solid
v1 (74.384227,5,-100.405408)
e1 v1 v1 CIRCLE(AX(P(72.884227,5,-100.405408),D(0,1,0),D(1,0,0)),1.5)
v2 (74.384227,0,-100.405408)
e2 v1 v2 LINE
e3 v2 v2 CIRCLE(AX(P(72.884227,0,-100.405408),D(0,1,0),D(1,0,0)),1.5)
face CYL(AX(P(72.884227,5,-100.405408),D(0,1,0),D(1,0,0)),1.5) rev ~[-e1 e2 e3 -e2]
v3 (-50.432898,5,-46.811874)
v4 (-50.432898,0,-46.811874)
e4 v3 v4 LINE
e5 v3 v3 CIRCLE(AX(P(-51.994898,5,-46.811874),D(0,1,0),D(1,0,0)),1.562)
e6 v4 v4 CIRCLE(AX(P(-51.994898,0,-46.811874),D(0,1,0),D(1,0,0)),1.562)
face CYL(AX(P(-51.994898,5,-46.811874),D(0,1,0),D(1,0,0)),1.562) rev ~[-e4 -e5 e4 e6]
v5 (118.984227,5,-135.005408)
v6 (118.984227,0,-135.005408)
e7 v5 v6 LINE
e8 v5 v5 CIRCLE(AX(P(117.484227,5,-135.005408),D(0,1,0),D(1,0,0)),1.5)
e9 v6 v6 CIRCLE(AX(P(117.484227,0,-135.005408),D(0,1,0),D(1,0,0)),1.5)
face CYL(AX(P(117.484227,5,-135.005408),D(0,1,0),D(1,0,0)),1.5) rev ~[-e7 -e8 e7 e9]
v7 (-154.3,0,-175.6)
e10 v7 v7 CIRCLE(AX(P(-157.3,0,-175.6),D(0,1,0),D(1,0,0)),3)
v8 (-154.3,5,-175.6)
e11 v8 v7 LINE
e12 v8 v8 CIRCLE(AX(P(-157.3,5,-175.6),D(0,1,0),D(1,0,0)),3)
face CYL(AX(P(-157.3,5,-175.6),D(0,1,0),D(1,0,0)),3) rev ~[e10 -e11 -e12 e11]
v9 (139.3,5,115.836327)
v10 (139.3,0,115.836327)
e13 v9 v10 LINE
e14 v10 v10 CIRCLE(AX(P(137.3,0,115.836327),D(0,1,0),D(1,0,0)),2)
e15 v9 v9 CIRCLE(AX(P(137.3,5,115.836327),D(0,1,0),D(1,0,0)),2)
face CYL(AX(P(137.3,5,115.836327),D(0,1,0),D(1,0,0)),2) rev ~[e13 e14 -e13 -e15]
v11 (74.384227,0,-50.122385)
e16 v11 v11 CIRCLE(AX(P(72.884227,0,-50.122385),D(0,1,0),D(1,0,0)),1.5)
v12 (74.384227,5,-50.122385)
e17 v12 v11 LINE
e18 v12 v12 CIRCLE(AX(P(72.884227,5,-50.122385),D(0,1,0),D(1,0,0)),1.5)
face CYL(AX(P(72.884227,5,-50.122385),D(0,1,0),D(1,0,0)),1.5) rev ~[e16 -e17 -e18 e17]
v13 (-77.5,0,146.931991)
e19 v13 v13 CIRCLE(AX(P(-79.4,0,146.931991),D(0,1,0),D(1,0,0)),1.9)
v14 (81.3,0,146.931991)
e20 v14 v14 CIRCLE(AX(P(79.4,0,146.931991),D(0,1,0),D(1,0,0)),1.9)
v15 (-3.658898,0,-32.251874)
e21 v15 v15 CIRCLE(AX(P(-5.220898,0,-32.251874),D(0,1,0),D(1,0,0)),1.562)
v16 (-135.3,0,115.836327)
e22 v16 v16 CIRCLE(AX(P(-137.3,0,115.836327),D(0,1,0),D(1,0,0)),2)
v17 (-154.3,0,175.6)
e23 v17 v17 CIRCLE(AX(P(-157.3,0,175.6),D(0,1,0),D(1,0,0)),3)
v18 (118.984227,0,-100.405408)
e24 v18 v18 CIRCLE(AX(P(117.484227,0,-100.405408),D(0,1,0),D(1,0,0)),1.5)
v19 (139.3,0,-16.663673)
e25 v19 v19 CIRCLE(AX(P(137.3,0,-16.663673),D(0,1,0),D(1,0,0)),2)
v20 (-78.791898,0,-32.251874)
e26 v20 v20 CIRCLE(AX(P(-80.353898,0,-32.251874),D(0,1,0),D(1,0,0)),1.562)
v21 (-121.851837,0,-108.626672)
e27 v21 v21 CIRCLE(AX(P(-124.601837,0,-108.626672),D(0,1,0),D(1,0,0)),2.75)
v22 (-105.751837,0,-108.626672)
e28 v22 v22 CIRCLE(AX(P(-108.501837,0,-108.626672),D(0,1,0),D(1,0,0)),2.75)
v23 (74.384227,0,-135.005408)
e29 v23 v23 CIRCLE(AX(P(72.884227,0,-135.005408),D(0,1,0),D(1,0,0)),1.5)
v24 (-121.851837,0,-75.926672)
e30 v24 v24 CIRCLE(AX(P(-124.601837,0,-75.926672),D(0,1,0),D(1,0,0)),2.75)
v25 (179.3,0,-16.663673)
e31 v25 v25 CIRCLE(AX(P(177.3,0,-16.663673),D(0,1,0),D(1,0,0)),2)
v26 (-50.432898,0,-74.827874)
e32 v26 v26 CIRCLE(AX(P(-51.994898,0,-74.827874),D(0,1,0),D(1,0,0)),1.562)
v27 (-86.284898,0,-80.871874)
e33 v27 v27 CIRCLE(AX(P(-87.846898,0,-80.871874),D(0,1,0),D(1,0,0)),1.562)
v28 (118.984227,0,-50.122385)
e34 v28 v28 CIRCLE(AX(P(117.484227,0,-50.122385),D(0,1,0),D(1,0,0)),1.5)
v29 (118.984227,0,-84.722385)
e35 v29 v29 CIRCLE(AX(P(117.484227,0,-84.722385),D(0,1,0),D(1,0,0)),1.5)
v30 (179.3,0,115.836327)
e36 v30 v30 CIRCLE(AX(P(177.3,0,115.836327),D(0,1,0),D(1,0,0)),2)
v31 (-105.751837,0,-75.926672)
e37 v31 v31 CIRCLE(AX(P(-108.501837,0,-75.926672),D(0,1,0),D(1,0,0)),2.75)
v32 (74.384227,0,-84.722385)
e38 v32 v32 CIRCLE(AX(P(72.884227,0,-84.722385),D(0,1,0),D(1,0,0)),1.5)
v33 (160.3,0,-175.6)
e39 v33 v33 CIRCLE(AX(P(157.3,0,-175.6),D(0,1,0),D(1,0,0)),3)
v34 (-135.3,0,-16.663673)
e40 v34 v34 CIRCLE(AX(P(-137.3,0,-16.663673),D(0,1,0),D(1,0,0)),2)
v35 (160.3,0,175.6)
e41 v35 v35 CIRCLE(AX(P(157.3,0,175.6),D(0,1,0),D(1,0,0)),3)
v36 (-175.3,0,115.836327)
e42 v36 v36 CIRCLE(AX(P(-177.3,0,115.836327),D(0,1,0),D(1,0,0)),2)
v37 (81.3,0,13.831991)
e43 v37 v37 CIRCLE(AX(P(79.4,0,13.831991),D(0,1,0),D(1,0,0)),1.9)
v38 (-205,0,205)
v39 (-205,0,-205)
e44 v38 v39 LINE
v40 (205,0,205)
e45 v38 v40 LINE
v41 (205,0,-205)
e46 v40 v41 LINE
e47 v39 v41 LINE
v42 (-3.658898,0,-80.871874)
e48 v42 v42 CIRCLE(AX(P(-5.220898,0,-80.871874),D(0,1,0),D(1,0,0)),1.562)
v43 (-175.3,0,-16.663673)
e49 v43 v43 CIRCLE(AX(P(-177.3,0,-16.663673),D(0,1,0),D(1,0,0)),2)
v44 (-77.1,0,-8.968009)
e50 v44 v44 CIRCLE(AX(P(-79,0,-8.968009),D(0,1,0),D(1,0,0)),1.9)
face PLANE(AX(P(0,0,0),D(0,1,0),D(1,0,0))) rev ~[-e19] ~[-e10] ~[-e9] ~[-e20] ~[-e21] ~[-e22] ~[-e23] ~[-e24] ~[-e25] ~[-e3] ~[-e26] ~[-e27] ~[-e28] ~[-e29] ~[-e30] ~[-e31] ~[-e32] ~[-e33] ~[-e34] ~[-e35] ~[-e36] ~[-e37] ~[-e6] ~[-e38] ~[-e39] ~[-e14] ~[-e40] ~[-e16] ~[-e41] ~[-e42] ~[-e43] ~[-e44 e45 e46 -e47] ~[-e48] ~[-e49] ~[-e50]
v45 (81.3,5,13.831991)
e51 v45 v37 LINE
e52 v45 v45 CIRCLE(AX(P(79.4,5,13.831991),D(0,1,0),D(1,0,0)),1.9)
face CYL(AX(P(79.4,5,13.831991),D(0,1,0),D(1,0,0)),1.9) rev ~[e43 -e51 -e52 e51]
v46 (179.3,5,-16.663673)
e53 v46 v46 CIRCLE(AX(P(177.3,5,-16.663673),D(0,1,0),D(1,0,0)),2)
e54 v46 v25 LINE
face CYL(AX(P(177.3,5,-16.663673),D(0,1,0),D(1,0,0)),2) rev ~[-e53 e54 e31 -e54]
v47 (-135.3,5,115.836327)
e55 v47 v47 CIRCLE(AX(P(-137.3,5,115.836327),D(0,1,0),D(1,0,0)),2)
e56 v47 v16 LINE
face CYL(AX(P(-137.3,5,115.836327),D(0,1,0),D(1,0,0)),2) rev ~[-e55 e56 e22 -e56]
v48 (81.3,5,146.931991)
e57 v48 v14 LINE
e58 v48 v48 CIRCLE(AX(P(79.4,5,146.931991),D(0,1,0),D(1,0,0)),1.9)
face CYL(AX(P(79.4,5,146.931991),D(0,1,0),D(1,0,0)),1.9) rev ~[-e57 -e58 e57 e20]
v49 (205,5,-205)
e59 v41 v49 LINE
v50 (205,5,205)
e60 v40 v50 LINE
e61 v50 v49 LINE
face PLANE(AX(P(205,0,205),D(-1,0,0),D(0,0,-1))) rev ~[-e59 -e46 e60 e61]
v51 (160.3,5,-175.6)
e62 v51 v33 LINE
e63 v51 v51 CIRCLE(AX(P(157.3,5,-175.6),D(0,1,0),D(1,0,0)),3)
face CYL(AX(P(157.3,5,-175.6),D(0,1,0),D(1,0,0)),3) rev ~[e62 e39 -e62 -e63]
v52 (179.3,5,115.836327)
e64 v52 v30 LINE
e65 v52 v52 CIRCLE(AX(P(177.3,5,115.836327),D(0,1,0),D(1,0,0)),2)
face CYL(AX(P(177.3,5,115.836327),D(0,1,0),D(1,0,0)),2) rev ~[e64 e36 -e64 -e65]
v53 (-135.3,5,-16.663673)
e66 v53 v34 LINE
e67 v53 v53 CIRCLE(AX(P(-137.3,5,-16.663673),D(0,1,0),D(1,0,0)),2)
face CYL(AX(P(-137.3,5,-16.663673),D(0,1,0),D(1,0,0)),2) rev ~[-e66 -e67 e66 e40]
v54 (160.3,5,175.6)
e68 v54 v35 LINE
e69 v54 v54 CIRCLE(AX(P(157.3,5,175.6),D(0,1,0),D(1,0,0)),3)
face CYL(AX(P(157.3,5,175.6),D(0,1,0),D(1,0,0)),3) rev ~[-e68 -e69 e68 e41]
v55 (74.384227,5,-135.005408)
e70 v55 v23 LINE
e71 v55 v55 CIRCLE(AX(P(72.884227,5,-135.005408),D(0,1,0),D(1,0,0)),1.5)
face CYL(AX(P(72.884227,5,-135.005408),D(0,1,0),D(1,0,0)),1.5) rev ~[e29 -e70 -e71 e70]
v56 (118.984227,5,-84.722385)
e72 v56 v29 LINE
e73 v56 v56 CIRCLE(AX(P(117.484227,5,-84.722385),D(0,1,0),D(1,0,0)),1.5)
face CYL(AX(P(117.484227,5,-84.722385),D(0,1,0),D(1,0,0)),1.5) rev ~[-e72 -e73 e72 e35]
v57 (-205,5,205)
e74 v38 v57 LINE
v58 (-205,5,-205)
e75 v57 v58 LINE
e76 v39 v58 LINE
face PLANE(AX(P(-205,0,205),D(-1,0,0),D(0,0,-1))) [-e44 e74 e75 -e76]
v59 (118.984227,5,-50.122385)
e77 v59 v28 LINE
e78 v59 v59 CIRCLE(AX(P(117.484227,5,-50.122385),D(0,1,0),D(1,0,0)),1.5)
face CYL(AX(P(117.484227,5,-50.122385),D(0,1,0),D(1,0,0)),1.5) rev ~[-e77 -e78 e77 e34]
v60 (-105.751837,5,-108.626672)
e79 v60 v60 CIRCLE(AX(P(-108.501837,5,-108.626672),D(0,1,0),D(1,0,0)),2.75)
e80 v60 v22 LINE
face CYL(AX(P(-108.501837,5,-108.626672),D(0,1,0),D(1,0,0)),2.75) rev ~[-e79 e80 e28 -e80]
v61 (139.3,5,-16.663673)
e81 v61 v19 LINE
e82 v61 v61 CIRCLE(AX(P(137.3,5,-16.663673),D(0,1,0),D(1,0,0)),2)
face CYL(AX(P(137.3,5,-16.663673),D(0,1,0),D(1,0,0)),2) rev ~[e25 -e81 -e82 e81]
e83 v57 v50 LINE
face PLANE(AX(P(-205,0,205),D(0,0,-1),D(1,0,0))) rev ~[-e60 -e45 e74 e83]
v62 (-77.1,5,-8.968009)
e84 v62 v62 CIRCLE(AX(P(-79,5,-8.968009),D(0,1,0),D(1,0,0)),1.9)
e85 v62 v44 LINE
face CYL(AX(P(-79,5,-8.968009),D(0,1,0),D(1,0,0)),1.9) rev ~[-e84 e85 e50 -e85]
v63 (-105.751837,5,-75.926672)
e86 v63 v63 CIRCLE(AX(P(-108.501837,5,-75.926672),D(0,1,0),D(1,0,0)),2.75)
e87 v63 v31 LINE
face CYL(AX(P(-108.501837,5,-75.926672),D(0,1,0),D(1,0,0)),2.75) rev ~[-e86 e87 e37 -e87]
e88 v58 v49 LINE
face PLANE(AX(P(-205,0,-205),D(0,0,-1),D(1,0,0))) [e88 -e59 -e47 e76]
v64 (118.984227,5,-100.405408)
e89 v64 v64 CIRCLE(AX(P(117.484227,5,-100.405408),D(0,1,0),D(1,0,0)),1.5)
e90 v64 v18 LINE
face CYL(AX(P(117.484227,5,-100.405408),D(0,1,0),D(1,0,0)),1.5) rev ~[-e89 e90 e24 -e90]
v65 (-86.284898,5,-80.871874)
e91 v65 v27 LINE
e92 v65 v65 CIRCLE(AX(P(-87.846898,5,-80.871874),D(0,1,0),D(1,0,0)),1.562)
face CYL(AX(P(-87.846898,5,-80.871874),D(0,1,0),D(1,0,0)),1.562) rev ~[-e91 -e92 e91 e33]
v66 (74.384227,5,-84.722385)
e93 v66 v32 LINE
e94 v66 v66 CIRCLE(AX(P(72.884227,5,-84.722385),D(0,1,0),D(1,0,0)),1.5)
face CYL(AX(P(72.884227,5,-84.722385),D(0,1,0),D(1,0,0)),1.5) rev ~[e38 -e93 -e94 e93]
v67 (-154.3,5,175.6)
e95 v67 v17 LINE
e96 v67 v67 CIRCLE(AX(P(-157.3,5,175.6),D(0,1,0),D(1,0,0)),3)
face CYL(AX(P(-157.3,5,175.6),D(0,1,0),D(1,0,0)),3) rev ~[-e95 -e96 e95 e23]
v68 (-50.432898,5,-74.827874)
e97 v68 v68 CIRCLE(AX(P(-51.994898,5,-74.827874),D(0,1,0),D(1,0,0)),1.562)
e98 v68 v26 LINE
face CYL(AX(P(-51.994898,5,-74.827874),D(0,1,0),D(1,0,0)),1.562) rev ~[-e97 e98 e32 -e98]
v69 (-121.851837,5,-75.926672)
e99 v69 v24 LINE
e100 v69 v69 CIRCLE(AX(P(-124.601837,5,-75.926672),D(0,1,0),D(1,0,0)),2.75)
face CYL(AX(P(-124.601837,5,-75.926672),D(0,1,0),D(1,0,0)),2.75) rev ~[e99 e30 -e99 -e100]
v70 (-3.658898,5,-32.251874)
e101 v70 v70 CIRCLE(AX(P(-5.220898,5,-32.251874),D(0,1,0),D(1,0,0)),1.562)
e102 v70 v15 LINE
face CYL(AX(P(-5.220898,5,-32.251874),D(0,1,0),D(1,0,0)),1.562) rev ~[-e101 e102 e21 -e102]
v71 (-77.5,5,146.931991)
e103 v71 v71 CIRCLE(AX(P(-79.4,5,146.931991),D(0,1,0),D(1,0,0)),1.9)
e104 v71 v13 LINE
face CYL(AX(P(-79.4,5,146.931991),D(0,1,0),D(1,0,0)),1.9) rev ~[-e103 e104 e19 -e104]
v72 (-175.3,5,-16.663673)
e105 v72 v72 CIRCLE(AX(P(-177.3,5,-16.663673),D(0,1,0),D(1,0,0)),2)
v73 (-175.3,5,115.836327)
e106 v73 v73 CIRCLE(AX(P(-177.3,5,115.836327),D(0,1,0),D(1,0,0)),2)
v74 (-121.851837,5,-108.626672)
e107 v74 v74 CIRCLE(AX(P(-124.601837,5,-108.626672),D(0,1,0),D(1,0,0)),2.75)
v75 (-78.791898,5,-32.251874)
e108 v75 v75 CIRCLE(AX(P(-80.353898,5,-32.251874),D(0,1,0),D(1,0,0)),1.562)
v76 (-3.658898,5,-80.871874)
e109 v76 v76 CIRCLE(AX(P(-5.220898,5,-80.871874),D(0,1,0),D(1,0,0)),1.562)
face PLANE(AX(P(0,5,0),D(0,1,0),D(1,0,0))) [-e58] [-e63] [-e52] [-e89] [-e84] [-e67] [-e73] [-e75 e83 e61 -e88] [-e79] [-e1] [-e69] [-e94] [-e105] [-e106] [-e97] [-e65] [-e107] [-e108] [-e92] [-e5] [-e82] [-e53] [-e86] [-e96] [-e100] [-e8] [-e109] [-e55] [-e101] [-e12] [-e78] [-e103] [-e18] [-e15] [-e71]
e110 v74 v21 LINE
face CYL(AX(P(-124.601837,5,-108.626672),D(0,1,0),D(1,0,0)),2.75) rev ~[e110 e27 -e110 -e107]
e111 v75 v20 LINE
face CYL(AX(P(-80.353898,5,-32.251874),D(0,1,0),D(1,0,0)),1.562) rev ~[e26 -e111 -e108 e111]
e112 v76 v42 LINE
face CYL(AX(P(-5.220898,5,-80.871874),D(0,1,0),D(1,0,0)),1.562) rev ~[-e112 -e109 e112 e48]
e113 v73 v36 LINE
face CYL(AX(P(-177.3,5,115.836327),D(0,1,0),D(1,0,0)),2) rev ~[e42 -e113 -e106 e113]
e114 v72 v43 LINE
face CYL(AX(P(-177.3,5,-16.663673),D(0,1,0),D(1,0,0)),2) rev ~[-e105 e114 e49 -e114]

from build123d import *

# Parameters (mm, degrees)
SKETCH_1_W             = 410
SKETCH_1_H             = 410
EXTRUDE_1_DEPTH        = 5
SKETCH_2_R             = 3
CUT_EXTRUDE_4_DEPTH    = 5
SKETCH_5_R             = 1.9
TX2_DEPTH              = 5
SKETCH_6_R             = 1.562
ARDUINOMEGA_DEPTH      = 10
SKETCH_9_R             = 1.5
H_BRIDGE_DEPTH         = 10
SKETCH_10_R            = 2.75
CUT_EXTRUDE_4767_DEPTH = 10
SKETCH_4811_R          = 2
CUT_EXTRUDE_4_2_DEPTH  = 10


with BuildPart() as part:
    # 草圖1 → 填料-伸長1 (new body)
    with BuildSketch(Plane(origin=(0, 0, 0), x_dir=(1, 0, 0), z_dir=(0, 1, 0))):
        Rectangle(SKETCH_1_W, SKETCH_1_H)
    extrude(amount=EXTRUDE_1_DEPTH)

    # 草圖2 → Cut-Extrude 4 (cut)
    with BuildSketch(Plane(origin=(0, 5, 0), x_dir=(1, 0, 0), z_dir=(0, 1, 0))):
        with Locations((-157.3, 175.6)):
            Circle(SKETCH_2_R)
        with Locations((157.3, 175.6)):
            Circle(SKETCH_2_R)
        with Locations((-157.3, -175.6)):
            Circle(SKETCH_2_R)
        with Locations((157.3, -175.6)):
            Circle(SKETCH_2_R)
    extrude(amount=-CUT_EXTRUDE_4_DEPTH, mode=Mode.SUBTRACT)

    # 草圖5 → TX2 (cut)
    with BuildSketch(Plane(origin=(0, 5, 0), x_dir=(1, 0, 0), z_dir=(0, 1, 0))):
        with Locations((-79, 8.968009282)):
            Circle(SKETCH_5_R)
        with Locations((79.4, -13.831990718)):
            Circle(SKETCH_5_R)
        with Locations((-79.4, -146.931990718)):
            Circle(SKETCH_5_R)
        with Locations((79.4, -146.931990718)):
            Circle(SKETCH_5_R)
    extrude(amount=-TX2_DEPTH, mode=Mode.SUBTRACT)

    # 草圖6 → ArduinoMega螺絲孔 (cut)
    with BuildSketch(Plane(origin=(0, 5, 0), x_dir=(1, 0, 0), z_dir=(0, 1, 0))):
        with Locations((-80.353898009, 32.251873694)):
            Circle(SKETCH_6_R)
        with Locations((-87.846898009, 80.871873694)):
            Circle(SKETCH_6_R)
        with Locations((-51.994898009, 74.827873694)):
            Circle(SKETCH_6_R)
        with Locations((-51.994898009, 46.811873694)):
            Circle(SKETCH_6_R)
        with Locations((-5.220898009, 80.871873694)):
            Circle(SKETCH_6_R)
        with Locations((-5.220898009, 32.251873694)):
            Circle(SKETCH_6_R)
    extrude(amount=-ARDUINOMEGA_DEPTH, mode=Mode.SUBTRACT)

    # 草圖9 → H bridge 螺絲孔 (cut)
    with BuildSketch(Plane(origin=(0, 5, 0), x_dir=(1, 0, 0), z_dir=(0, 1, 0))):
        with Locations((72.884226585, 135.005408198)):
            Circle(SKETCH_9_R)
        with Locations((117.484226585, 135.005408198)):
            Circle(SKETCH_9_R)
        with Locations((72.884226585, 100.405408198)):
            Circle(SKETCH_9_R)
        with Locations((117.484226585, 100.405408198)):
            Circle(SKETCH_9_R)
        with Locations((72.884226585, 84.72238538)):
            Circle(SKETCH_9_R)
        with Locations((72.884226585, 50.12238538)):
            Circle(SKETCH_9_R)
        with Locations((117.484226585, 84.72238538)):
            Circle(SKETCH_9_R)
        with Locations((117.484226585, 50.12238538)):
            Circle(SKETCH_9_R)
    extrude(amount=-H_BRIDGE_DEPTH, mode=Mode.SUBTRACT)

    # 草圖10 → Cut-Extrude 4767 (cut)
    with BuildSketch(Plane(origin=(0, 5, 0), x_dir=(1, 0, 0), z_dir=(0, 1, 0))):
        with Locations((-124.601837455, 108.626671886)):
            Circle(SKETCH_10_R)
        with Locations((-108.501837455, 108.626671886)):
            Circle(SKETCH_10_R)
        with Locations((-124.601837455, 75.926671886)):
            Circle(SKETCH_10_R)
        with Locations((-108.501837455, 75.926671886)):
            Circle(SKETCH_10_R)
    extrude(amount=-CUT_EXTRUDE_4767_DEPTH, mode=Mode.SUBTRACT)

    # Sketch 4811 → Cut-Extrude 4 2 (cut)
    with BuildSketch(Plane(origin=(0, 5, 0), x_dir=(1, 0, 0), z_dir=(0, 1, 0))):
        with Locations((-137.3, 16.663672704)):
            Circle(SKETCH_4811_R)
        with Locations((-177.3, 16.663672704)):
            Circle(SKETCH_4811_R)
        with Locations((-177.3, -115.836327296)):
            Circle(SKETCH_4811_R)
        with Locations((-137.3, -115.836327296)):
            Circle(SKETCH_4811_R)
        with Locations((137.3, 16.663672704)):
            Circle(SKETCH_4811_R)
        with Locations((177.3, 16.663672704)):
            Circle(SKETCH_4811_R)
        with Locations((137.3, -115.836327296)):
            Circle(SKETCH_4811_R)
        with Locations((177.3, -115.836327296)):
            Circle(SKETCH_4811_R)
    extrude(amount=-CUT_EXTRUDE_4_2_DEPTH, mode=Mode.SUBTRACT)


solid = part.part
